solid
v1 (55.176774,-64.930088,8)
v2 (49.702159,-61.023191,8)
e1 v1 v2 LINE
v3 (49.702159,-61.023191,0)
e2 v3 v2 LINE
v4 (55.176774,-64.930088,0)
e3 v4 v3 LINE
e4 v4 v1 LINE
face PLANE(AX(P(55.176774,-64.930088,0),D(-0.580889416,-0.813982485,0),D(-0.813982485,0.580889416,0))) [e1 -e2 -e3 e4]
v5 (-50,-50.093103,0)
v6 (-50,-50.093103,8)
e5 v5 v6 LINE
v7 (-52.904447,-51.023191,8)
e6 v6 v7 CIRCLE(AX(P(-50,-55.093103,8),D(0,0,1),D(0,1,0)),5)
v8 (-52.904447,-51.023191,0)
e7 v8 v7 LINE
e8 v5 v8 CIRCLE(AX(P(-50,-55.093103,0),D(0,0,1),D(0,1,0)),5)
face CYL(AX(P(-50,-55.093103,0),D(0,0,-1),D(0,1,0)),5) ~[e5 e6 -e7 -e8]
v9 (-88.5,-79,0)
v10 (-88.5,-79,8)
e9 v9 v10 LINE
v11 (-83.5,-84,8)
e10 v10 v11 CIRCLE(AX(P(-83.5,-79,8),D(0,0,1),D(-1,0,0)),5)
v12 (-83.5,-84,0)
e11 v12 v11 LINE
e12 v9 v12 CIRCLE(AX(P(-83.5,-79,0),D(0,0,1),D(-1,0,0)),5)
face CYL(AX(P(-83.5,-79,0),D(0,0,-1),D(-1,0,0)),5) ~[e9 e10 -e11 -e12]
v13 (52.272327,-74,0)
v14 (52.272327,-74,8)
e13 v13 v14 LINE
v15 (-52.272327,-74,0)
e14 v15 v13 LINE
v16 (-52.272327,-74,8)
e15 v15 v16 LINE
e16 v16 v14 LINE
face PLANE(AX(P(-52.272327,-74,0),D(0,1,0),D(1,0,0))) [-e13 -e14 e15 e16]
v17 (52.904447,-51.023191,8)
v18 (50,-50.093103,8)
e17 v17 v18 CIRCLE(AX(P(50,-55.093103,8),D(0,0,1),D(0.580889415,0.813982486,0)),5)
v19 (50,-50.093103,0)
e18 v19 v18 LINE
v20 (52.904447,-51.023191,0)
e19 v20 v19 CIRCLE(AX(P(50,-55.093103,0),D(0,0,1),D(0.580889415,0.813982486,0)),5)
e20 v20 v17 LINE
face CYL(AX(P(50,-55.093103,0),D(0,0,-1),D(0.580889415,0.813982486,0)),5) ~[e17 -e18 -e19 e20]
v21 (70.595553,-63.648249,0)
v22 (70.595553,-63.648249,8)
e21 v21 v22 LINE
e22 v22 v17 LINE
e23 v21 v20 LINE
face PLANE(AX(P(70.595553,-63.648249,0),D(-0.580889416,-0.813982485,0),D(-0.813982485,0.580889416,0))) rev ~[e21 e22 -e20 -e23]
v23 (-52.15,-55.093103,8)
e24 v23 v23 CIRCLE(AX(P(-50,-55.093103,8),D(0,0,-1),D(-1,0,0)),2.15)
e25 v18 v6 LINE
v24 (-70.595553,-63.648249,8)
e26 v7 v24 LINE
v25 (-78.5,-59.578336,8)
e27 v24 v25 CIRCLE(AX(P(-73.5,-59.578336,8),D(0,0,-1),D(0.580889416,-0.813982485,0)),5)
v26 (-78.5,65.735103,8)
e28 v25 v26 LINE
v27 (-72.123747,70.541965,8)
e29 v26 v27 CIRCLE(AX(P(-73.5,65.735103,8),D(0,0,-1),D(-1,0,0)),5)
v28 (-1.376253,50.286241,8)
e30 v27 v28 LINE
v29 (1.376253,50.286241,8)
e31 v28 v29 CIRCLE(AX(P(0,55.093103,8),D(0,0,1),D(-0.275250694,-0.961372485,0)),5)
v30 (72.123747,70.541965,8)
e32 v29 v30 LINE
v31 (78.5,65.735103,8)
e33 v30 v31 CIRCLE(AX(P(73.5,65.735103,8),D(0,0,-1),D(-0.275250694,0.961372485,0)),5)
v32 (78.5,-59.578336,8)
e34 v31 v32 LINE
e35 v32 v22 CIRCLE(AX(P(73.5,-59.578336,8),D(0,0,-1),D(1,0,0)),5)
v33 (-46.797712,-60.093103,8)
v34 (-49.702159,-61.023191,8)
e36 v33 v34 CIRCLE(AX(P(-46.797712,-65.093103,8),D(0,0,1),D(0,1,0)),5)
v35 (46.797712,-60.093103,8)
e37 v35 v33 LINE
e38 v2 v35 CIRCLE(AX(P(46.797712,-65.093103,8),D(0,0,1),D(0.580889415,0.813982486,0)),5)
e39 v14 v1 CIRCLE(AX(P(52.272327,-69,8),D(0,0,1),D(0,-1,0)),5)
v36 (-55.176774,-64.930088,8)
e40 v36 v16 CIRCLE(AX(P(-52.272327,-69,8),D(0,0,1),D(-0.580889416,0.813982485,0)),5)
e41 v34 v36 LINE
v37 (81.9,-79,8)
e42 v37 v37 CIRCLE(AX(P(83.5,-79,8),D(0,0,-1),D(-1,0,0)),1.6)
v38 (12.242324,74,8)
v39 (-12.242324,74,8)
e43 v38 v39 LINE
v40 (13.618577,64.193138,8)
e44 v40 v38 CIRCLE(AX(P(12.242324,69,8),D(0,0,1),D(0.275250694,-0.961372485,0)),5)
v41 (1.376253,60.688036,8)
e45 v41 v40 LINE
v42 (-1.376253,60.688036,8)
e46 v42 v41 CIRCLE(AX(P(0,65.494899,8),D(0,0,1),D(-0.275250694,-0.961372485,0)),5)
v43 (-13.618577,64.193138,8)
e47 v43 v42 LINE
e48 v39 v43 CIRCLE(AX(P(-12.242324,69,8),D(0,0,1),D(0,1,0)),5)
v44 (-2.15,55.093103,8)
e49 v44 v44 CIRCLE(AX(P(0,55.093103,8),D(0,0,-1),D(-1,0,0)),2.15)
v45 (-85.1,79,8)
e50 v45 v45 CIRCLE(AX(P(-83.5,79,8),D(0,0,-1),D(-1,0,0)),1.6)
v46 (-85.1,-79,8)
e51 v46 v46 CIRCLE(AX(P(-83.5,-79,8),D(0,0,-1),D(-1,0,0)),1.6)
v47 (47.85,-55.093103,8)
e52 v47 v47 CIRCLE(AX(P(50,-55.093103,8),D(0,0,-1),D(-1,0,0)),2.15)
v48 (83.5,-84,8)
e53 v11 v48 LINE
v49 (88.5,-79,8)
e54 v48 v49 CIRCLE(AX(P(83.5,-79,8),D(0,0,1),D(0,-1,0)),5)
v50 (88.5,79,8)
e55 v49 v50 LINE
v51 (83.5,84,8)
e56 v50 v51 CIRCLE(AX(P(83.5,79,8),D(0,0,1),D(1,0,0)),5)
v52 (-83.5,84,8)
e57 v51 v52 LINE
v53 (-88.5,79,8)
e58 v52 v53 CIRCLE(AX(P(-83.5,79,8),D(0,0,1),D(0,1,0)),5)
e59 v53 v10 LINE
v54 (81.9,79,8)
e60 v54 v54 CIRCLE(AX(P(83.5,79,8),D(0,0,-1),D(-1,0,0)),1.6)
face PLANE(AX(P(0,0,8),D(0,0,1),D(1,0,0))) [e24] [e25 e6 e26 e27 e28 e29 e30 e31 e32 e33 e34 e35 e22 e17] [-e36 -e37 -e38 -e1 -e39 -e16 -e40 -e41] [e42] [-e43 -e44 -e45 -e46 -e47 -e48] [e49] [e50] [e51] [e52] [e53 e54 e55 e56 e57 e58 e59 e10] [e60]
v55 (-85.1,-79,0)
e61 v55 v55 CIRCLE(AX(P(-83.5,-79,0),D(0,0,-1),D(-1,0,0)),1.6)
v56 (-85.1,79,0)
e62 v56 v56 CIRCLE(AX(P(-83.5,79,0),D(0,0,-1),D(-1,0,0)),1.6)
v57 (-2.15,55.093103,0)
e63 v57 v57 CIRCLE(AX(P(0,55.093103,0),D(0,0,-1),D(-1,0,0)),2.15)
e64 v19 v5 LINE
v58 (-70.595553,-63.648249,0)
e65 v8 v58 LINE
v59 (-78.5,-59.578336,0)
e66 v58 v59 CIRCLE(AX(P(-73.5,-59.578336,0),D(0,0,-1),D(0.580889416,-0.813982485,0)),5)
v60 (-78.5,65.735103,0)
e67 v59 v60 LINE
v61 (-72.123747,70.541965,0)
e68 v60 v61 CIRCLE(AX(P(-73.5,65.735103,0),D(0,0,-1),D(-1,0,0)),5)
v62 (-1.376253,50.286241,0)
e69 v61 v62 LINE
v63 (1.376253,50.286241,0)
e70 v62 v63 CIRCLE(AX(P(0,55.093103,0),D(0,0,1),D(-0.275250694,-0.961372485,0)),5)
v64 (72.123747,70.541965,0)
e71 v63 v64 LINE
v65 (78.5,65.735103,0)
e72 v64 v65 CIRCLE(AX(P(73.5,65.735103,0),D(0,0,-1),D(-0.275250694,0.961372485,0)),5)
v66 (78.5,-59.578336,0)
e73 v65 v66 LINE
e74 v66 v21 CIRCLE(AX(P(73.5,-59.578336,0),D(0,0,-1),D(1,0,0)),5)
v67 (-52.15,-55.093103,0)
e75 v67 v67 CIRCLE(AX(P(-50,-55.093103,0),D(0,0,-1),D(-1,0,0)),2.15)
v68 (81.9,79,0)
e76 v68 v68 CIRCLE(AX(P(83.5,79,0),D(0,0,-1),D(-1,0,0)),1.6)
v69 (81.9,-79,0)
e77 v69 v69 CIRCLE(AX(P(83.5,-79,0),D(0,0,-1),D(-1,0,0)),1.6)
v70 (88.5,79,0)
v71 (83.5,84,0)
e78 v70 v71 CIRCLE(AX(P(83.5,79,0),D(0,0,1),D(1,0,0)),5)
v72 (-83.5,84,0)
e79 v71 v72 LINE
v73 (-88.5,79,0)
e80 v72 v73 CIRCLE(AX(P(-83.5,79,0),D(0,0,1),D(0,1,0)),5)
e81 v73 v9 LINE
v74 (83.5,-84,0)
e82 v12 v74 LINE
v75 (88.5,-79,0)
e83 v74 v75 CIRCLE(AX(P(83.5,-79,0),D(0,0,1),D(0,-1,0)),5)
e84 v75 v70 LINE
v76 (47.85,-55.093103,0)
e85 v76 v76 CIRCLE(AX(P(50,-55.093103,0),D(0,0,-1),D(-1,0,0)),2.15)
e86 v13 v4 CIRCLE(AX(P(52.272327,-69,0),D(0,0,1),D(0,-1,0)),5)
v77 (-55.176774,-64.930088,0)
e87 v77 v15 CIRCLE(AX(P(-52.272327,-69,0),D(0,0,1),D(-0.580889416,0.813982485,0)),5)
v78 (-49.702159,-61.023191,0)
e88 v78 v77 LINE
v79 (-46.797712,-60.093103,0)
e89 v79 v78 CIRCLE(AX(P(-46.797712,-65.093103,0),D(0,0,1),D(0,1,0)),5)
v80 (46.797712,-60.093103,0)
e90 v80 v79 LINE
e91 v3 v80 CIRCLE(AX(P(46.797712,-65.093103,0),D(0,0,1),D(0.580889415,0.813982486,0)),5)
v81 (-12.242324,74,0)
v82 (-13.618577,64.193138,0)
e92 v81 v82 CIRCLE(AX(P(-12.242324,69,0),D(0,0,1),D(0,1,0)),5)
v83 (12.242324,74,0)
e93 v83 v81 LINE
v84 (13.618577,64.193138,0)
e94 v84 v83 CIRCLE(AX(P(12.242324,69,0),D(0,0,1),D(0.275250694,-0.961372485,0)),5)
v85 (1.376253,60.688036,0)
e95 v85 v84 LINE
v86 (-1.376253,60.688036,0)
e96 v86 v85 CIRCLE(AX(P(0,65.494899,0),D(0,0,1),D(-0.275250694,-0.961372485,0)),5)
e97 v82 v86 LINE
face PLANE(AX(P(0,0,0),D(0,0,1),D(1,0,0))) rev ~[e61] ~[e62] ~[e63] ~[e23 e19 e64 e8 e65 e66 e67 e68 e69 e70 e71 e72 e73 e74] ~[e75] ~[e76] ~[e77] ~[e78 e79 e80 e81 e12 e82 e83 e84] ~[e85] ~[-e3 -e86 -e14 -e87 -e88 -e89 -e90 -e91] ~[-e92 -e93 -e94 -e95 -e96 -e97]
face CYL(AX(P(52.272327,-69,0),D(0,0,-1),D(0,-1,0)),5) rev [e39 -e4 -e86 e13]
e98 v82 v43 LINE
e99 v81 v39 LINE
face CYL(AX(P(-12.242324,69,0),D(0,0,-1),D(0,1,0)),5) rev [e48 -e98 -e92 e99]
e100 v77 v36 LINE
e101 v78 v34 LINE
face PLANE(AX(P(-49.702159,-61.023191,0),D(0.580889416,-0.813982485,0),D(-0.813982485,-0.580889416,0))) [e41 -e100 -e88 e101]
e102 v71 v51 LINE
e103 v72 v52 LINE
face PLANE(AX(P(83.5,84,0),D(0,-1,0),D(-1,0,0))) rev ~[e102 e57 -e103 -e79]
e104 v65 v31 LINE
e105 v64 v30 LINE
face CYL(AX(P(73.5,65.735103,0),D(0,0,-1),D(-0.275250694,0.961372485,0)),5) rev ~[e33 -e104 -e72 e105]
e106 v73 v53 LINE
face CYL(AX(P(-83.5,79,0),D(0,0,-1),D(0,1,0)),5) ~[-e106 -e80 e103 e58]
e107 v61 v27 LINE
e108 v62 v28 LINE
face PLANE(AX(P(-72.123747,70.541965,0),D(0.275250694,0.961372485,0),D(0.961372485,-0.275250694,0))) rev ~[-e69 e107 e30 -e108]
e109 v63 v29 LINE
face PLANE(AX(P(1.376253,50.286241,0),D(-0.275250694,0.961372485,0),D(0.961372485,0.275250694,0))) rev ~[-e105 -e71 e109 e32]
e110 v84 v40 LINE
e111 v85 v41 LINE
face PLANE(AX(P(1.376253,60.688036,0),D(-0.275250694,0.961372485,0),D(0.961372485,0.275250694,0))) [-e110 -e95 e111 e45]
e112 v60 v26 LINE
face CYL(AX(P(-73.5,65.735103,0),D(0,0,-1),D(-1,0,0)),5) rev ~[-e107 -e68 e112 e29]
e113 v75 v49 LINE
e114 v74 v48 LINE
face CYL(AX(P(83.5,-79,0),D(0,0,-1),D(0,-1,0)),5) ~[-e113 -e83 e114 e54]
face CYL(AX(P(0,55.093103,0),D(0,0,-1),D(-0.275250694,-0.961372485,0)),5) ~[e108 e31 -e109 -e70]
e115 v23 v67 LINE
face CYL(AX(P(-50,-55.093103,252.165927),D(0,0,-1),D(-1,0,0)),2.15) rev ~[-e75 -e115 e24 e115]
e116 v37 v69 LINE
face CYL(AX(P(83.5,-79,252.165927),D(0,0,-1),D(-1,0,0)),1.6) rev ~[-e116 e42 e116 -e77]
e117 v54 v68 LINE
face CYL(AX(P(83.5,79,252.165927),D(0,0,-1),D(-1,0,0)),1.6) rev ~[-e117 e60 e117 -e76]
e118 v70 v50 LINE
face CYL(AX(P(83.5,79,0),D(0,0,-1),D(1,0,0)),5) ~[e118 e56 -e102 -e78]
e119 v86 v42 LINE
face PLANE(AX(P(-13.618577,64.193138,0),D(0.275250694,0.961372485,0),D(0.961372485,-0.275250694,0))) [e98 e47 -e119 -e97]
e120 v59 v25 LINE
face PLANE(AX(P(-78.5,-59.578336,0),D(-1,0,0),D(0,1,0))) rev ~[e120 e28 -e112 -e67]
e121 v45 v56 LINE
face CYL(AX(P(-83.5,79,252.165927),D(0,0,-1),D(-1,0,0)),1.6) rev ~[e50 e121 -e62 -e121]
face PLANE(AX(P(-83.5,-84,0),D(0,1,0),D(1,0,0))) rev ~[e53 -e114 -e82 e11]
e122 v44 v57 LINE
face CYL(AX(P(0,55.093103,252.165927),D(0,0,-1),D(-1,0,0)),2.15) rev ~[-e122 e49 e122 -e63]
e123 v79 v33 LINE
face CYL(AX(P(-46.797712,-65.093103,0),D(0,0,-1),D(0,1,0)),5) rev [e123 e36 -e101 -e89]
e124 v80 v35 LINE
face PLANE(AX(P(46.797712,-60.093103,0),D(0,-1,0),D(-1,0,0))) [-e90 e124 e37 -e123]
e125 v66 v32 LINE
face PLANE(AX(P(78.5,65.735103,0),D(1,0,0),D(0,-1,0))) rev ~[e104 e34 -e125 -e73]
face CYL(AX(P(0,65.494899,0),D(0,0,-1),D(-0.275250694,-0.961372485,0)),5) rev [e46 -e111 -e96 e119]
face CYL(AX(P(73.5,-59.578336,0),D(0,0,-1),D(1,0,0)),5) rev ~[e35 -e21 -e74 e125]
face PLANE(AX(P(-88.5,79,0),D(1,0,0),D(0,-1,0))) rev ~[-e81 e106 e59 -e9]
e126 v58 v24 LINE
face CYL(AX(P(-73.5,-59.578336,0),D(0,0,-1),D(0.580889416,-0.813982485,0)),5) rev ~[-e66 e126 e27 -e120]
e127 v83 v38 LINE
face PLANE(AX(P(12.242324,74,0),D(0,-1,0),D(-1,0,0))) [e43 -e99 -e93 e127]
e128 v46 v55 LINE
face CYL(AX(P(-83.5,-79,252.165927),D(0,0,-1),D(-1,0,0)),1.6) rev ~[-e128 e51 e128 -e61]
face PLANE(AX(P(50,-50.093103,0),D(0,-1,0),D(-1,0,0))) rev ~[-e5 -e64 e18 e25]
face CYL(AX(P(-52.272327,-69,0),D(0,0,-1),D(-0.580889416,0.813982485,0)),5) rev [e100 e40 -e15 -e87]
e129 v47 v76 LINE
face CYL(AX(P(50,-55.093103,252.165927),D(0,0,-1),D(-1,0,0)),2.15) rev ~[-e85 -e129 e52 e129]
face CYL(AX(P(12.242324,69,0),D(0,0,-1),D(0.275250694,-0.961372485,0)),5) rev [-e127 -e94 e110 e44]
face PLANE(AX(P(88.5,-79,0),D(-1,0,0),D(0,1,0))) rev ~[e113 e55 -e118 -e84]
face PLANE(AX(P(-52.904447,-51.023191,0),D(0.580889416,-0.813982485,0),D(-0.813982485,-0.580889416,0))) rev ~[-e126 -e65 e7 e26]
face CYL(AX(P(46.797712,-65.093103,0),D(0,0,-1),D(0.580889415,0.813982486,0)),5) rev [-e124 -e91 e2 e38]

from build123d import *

# Parameters (mm, degrees)
BOSS_EXTRU_1_DEPTH = 8
D_GAGEMENT_M31_D   = 3.2
D_GAGEMENT_M41_D   = 4.3


with BuildPart() as part:
    # Esquisse1 → Boss.-Extru.1 (new body)
    with BuildSketch(Plane.XY):
        with BuildLine():
            Line((-83.5, -84), (83.5, -84))
            ThreePointArc((83.5, -84), (87.035533906, -82.535533906), (88.5, -79))
            Line((88.5, -79), (88.5, 79))
            ThreePointArc((88.5, 79), (87.035533906, 82.535533906), (83.5, 84))
            Line((83.5, 84), (-83.5, 84))
            ThreePointArc((-83.5, 84), (-87.035533906, 82.535533906), (-88.5, 79))
            Line((-88.5, 79), (-88.5, -79))
            ThreePointArc((-88.5, -79), (-87.035533906, -82.535533906), (-83.5, -84))
        make_face()
        with BuildLine():
            Line((-52.904447079, -51.023190589), (-70.595552921, -63.648248646))
            ThreePointArc((-70.595552921, -63.648248646), (-75.788860481, -64.02368409), (-78.5, -59.578336218))
            Line((-78.5, -59.578336218), (-78.5, 65.735103055))
            ThreePointArc((-78.5, 65.735103055), (-76.509878124, 69.727675368), (-72.123746529, 70.541965481))
            Line((-72.123746529, 70.541965481), (-1.376253471, 50.286240591))
            ThreePointArc((-1.376253471, 50.286240591), (0, 50.093103017), (1.376253471, 50.286240591))
            Line((1.376253471, 50.286240591), (72.123746529, 70.541965481))
            ThreePointArc((72.123746529, 70.541965481), (76.509878124, 69.727675368), (78.5, 65.735103055))
            Line((78.5, 65.735103055), (78.5, -59.578336218))
            ThreePointArc((78.5, -59.578336218), (75.788860481, -64.02368409), (70.595552921, -63.648248646))
            Line((70.595552921, -63.648248646), (52.904447079, -51.023190589))
            ThreePointArc((52.904447079, -51.023190589), (51.524866857, -50.331298625), (50, -50.093103017))
            Line((50, -50.093103017), (-50, -50.093103017))
            ThreePointArc((-50, -50.093103017), (-51.524866857, -50.331298625), (-52.904447079, -51.023190589))
        make_face(mode=Mode.SUBTRACT)
        with BuildLine():
            Line((-49.702159182, -61.023190589), (-55.176773853, -64.930087573))
            ThreePointArc((-55.176773853, -64.930087573), (-57.034131166, -70.524866857), (-52.272326774, -74))
            Line((-52.272326774, -74), (52.272326774, -74))
            ThreePointArc((52.272326774, -74), (57.034131166, -70.524866857), (55.176773853, -64.930087573))
            Line((55.176773853, -64.930087573), (49.702159182, -61.023190589))
            ThreePointArc((49.702159182, -61.023190589), (48.322578961, -60.331298625), (46.797712104, -60.093103017))
            Line((46.797712104, -60.093103017), (-46.797712104, -60.093103017))
            ThreePointArc((-46.797712104, -60.093103017), (-48.322578961, -60.331298625), (-49.702159182, -61.023190589))
        make_face(mode=Mode.SUBTRACT)
        with BuildLine():
            Line((-13.618577234, 64.193137574), (-1.376253471, 60.6880361))
            ThreePointArc((-1.376253471, 60.6880361), (0, 60.494898526), (1.376253471, 60.6880361))
            Line((1.376253471, 60.6880361), (13.618577234, 64.193137574))
            ThreePointArc((13.618577234, 64.193137574), (17.193803952, 69.694869725), (12.242323763, 74))
            Line((12.242323763, 74), (-12.242323763, 74))
            ThreePointArc((-12.242323763, 74), (-17.193803952, 69.694869725), (-13.618577234, 64.193137574))
        make_face(mode=Mode.SUBTRACT)
    extrude(amount=BOSS_EXTRU_1_DEPTH)

    # Dégagement M31 (through all)
    with Locations(Plane.XY.offset(8)):
        with Locations((-83.5, 79), (-83.5, -79), (83.5, -79), (83.5, 79)):
            Hole(D_GAGEMENT_M31_D / 2)

    # Dégagement M41 (through all)
    with Locations(Plane.XY.offset(8)):
        with Locations((-50, -55.093103017), (50, -55.093103017), (0, 55.093103017)):
            Hole(D_GAGEMENT_M41_D / 2)


solid = part.part
